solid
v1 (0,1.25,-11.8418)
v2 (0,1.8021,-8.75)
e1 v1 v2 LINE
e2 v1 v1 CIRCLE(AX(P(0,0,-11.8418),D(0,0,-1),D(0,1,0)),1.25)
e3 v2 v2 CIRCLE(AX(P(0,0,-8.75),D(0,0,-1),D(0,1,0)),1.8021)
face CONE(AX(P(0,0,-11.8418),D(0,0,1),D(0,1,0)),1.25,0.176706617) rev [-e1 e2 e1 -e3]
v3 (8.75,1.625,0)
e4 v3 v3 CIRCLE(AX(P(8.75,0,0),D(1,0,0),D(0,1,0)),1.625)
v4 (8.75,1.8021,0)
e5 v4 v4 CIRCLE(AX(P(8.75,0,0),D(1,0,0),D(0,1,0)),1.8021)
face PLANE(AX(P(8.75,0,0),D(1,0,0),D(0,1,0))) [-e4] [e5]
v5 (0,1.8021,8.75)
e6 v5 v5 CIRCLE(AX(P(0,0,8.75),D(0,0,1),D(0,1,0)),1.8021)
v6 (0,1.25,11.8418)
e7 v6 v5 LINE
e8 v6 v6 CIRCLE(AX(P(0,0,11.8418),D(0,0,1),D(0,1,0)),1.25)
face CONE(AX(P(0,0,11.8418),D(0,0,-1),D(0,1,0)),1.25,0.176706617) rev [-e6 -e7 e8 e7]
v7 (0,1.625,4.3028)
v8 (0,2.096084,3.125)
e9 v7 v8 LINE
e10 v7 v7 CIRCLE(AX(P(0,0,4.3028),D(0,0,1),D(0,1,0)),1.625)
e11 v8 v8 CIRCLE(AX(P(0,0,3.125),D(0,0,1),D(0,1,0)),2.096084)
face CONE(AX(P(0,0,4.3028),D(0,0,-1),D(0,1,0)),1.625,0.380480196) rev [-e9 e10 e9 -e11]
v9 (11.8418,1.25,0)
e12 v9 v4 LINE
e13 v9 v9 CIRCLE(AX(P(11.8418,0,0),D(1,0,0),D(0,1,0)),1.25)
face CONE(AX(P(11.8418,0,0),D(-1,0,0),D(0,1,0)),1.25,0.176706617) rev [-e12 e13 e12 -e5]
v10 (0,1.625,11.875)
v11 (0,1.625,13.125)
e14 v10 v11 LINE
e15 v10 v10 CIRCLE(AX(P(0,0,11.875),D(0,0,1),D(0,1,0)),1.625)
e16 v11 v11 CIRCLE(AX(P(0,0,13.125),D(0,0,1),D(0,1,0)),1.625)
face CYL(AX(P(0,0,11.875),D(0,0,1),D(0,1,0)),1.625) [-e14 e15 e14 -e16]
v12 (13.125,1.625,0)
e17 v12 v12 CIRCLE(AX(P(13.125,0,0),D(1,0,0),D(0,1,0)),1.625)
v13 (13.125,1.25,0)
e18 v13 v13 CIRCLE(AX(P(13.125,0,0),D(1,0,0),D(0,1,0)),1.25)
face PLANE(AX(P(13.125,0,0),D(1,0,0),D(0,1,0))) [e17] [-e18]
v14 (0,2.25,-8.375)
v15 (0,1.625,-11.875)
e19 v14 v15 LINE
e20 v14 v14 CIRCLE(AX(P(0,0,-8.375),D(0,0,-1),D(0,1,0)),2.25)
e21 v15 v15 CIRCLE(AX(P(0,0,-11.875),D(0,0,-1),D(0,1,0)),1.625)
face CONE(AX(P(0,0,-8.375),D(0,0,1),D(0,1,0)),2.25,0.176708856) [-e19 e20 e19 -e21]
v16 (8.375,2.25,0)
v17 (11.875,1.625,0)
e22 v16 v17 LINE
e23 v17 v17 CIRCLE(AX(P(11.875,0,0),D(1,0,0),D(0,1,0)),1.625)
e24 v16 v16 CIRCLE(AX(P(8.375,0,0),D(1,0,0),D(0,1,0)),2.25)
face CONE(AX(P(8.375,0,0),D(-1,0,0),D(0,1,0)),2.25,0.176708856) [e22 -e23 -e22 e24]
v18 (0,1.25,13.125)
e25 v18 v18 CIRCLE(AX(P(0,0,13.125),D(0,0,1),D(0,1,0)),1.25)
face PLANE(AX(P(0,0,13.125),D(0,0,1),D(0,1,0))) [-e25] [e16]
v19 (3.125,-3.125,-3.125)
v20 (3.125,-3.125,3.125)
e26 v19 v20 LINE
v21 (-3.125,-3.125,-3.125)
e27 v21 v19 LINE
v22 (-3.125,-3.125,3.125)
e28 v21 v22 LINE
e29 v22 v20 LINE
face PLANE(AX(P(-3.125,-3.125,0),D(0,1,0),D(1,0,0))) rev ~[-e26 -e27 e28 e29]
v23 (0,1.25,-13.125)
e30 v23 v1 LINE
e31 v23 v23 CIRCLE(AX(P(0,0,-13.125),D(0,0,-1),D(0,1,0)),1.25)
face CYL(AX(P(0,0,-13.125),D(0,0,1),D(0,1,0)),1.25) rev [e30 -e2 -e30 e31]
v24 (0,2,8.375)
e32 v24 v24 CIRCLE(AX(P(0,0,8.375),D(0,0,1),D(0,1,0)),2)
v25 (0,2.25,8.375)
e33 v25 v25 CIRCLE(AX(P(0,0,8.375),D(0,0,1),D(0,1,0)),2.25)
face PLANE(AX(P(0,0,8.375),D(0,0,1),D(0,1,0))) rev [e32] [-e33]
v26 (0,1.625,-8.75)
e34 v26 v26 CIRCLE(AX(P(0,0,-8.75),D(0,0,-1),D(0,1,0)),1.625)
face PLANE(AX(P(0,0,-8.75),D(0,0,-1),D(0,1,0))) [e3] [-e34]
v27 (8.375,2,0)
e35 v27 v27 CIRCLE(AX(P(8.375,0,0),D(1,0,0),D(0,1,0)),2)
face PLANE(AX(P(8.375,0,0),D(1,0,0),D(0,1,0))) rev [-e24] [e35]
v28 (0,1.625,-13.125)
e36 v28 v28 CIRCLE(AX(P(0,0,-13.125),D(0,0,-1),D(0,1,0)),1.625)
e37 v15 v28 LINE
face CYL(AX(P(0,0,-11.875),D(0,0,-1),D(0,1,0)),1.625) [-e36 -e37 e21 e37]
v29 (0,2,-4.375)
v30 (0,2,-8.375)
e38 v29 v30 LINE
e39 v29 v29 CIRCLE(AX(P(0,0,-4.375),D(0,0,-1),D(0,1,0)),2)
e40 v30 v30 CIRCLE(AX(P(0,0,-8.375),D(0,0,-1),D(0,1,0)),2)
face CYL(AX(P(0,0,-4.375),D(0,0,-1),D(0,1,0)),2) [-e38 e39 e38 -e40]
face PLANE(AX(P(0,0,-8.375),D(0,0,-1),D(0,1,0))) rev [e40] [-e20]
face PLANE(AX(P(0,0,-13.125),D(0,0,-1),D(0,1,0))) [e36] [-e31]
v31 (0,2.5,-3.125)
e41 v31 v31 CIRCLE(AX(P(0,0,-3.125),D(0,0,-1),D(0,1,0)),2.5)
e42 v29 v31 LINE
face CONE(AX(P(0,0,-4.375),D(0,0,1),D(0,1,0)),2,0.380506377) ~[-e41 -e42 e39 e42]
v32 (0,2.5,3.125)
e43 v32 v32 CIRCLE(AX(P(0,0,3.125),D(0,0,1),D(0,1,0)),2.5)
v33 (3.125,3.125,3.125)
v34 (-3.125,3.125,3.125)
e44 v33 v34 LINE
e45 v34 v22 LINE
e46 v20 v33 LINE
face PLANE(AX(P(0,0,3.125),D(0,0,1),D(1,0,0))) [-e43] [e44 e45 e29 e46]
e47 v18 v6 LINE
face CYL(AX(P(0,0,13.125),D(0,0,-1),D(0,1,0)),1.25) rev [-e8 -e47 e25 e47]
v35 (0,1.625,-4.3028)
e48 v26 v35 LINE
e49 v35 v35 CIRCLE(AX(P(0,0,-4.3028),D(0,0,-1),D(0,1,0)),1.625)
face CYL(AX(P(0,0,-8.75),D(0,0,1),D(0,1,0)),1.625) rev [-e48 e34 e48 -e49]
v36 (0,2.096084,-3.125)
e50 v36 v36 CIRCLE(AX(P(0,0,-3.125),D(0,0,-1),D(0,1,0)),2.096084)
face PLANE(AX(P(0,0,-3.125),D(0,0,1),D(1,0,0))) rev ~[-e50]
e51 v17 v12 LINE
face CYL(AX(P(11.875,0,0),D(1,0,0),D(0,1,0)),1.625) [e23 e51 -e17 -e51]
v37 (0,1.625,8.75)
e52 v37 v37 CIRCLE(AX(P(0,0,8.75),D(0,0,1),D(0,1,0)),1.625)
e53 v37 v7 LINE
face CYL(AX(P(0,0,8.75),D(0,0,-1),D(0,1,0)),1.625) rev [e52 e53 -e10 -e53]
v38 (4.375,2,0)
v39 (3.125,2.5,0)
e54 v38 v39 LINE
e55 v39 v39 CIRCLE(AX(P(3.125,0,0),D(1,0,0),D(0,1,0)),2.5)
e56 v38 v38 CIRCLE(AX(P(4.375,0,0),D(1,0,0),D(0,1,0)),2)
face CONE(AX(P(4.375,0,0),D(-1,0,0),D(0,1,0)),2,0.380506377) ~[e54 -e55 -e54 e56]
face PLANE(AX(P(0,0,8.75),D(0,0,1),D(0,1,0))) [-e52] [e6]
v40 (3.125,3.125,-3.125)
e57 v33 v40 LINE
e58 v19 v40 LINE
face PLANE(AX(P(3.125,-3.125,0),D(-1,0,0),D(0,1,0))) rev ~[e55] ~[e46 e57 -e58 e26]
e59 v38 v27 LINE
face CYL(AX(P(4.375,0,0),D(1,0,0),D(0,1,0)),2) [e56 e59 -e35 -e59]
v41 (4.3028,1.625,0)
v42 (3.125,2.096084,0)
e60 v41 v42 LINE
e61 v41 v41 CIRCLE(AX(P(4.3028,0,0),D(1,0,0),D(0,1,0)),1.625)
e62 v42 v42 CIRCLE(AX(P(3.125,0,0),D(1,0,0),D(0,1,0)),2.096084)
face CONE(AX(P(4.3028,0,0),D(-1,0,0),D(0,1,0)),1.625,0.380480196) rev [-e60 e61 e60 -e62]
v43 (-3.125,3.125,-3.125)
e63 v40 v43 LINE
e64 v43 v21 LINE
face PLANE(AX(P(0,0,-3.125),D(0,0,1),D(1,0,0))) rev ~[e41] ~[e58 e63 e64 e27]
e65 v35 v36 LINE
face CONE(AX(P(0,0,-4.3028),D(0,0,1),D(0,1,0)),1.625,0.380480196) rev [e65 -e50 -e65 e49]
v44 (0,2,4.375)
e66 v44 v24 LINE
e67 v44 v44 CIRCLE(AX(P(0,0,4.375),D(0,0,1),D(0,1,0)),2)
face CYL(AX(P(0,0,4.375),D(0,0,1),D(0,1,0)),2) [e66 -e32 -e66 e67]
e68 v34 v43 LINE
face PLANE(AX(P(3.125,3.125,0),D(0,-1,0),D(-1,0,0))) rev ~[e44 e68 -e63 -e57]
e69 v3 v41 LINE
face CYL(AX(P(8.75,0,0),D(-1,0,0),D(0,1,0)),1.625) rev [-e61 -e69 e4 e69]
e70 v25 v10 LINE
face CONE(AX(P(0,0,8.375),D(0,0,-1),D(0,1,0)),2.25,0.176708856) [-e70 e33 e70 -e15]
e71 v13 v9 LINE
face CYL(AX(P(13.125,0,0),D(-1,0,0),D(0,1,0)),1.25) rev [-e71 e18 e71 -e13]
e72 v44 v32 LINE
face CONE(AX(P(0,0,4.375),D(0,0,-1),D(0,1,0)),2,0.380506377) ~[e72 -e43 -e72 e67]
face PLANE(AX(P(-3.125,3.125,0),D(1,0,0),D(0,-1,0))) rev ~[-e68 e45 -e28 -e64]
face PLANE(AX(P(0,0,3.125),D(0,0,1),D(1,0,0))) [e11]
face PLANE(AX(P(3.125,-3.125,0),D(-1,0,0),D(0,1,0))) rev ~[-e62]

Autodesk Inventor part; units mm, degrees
ref_plane "YZ Plane" through (0, 0, 0) normal (1, 0, 0) x (0, 1, 0)
ref_plane "XZ Plane" through (0, 0, 0) normal (0, 1, 0) x (-1, 0, 0)
ref_plane "XY Plane" through (0, 0, 0) normal (0, 0, 1) x (1, 0, 0)
sketch "Sketch1" plane through (0, 0, 0) normal (0, 0, 1) x (1, 0, 0)
  line L0 (-3.125, -3.125) -> (3.125, -3.125)
  line L1 (3.125, -3.125) -> (3.125, 3.125)
  line L2 (3.125, 3.125) -> (-3.125, 3.125)
  line L3 (-3.125, 3.125) -> (-3.125, -3.125)
  line L4 (-3.125, -3.125) -> (3.125, 3.125) construction
  line L5 (3.125, -3.125) -> (-3.125, 3.125) construction
  point P0 (0, 0)
  dimension "d0" = 6.25
  dimension "d1" = 6.25
extrude "Extrusion1" add sketch "Sketch1" along normal mid plane 6.25
sketch "Sketch2" plane through (0, 0, 0) normal (1, 0, 0) x (0, 1, 0)
  line L0 (-3.125, 3.125) -> (3.125, 3.125) projected
  line L1 (2, 4.375) -> (2, 8.375)
  line L2 (2, 8.375) -> (2.25, 8.375)
  line L3 (2.25, 8.375) -> (1.625, 11.875)
  line L4 (0, 0) -> (0, 14.1963) construction
  line L5 (1.625, 11.875) -> (1.625, 13.125)
  line L6 (2, 4.375) -> (2.5, 3.125)
  line L7 (1.25, 13.125) -> (1.25, 11.8418)
  line L8 (1.25, 11.8418) -> (1.8021, 8.75)
  line L9 (1.8021, 8.75) -> (1.625, 8.75)
  line L10 (1.625, 8.75) -> (1.625, 4.3028)
  line L11 (1.625, 4.3028) -> (2.1518, 2.9857)
  line L12 (1.625, 13.125) -> (1.25, 13.125)
  point P0 (2.0961, 3.125)
  dimension "d4" = 4
  dimension "d5" = 4.5
  dimension "d6" = 3.25
  dimension "d7" = 10
  dimension "d8" = 1.25
  dimension "d9" = 3.5
  dimension "d11" = 5
  dimension "d12" = 1.25
  dimension "d13" = 2.5
revolve "Revolution1" add sketch "Sketch2" angle 360 about axis through (0, 0, 0) along (0, 0, 1)
pattern_circular "Circular Pattern1" count 3 over 180 about axis through (0, -10, 0) along (0, 1, 0) of "Revolution1"
equation "\"d2\" = d1"
properties part number "Adafruit_4662"
